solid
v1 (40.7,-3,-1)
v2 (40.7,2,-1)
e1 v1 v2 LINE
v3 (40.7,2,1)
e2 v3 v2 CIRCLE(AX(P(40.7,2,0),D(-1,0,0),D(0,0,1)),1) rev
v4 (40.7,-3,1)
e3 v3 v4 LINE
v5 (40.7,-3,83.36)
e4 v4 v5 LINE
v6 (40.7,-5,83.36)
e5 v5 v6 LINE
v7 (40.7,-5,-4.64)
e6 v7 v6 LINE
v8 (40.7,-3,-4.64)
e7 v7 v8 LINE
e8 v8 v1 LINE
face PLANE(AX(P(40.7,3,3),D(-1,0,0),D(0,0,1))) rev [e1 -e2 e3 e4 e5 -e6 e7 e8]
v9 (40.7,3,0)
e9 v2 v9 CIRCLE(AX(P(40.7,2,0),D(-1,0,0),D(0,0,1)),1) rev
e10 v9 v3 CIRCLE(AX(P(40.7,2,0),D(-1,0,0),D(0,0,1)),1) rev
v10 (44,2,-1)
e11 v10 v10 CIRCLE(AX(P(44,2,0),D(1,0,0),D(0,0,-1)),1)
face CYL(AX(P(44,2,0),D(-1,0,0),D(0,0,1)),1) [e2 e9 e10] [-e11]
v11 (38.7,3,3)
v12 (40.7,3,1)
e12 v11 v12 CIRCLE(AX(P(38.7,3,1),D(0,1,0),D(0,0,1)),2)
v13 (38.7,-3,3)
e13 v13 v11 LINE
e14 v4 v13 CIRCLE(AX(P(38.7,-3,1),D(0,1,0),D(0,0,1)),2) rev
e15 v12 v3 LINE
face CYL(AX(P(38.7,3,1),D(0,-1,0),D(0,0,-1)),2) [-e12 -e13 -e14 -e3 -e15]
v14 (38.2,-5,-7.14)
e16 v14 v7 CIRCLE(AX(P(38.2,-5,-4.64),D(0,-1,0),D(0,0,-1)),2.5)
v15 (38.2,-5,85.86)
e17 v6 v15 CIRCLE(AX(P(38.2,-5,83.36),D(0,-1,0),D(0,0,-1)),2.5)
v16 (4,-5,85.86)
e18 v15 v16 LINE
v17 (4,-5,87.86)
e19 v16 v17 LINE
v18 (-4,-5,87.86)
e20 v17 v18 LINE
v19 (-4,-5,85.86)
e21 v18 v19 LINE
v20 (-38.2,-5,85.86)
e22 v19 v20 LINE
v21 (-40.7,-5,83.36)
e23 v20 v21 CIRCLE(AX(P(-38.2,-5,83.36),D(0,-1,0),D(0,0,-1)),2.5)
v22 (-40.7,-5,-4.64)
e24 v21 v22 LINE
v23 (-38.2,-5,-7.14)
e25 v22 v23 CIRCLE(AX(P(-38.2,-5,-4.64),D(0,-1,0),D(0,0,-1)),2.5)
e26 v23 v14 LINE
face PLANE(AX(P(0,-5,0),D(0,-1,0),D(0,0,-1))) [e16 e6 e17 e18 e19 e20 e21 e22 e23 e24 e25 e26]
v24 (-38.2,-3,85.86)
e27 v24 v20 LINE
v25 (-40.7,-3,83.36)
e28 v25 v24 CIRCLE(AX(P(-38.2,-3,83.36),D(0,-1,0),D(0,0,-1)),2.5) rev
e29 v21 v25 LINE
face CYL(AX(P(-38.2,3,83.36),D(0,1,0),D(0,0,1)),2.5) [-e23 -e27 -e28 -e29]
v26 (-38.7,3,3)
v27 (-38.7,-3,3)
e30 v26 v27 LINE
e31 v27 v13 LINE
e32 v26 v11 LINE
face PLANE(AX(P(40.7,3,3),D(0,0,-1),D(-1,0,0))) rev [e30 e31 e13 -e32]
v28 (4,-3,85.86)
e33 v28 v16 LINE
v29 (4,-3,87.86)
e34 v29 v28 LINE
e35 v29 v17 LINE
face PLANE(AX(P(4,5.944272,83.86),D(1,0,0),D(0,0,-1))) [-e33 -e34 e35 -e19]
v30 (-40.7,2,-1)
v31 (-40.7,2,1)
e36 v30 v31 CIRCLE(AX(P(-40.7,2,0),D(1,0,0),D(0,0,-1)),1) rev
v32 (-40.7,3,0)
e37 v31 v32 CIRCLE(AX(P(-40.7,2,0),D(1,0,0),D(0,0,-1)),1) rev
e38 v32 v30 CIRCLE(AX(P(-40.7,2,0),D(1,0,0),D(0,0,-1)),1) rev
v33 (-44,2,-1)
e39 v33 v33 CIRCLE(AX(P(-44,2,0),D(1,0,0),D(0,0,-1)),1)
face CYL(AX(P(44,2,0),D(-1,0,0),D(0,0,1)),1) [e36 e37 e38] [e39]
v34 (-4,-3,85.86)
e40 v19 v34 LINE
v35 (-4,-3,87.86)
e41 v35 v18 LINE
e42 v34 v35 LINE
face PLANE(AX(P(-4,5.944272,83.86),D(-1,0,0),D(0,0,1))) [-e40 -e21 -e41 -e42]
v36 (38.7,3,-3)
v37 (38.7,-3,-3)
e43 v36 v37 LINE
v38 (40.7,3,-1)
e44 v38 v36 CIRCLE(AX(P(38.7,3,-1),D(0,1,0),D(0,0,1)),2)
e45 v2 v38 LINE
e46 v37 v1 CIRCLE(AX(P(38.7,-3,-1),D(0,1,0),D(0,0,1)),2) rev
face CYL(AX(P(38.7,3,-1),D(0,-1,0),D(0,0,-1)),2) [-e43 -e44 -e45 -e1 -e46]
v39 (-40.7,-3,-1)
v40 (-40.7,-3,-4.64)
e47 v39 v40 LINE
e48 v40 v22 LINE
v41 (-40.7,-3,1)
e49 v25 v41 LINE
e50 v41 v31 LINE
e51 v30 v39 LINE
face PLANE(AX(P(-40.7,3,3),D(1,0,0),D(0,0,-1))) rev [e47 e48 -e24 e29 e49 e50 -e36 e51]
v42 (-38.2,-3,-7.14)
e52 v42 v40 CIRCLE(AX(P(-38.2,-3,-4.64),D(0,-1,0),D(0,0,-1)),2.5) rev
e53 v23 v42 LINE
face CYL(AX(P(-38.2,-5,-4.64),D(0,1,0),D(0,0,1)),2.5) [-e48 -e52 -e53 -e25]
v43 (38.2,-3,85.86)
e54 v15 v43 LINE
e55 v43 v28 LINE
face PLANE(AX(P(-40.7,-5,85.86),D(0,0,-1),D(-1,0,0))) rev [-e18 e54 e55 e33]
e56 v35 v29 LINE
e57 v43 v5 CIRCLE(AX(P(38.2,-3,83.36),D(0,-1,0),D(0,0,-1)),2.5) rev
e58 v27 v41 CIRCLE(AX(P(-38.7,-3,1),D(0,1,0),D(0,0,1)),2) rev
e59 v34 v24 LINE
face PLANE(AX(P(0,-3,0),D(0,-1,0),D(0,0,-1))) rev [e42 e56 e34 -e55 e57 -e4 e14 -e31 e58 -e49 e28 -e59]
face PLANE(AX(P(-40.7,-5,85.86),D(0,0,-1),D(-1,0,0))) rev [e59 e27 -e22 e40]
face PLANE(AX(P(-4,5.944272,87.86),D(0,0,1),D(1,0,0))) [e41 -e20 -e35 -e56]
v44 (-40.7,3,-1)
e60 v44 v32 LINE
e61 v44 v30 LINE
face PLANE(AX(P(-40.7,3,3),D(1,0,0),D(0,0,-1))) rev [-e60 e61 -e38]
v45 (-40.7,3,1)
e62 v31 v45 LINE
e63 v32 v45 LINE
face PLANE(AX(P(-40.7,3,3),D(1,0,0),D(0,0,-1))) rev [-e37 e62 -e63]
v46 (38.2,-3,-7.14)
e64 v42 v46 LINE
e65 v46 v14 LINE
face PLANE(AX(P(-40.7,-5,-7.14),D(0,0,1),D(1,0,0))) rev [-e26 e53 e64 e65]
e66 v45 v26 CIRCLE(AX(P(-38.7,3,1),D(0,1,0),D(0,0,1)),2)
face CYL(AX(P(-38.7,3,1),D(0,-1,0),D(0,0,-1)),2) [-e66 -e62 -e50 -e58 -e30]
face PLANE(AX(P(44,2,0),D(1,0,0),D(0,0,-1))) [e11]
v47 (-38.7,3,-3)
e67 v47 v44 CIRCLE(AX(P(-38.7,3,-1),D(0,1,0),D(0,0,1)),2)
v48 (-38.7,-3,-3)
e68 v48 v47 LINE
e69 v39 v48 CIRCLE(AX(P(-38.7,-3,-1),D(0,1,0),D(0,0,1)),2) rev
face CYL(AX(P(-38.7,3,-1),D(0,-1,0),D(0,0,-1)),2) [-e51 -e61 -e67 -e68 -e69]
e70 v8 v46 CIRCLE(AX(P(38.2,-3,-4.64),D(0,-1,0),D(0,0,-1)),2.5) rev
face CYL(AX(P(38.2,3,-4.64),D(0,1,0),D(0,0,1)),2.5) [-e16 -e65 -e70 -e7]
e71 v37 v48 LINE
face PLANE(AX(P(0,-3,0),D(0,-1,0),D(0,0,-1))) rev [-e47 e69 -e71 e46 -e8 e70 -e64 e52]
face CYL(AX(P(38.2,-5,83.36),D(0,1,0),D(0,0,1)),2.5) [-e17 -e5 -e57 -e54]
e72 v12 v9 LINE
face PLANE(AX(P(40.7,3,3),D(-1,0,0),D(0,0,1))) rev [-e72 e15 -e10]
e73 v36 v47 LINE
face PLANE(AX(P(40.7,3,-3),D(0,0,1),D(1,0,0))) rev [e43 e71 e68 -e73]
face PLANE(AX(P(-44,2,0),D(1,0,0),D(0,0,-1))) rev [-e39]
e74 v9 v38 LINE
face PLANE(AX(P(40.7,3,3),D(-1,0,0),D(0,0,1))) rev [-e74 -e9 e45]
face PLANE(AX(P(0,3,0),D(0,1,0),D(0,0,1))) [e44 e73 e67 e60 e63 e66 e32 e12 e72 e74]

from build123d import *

# Parameters (mm, degrees)
SKETCH1_W           = 81.4
SKETCH1_H           = 6
BOSS_EXTRUDE1_DEPTH = 3
FILLET1_R           = 2
SKETCH2_R           = 1
BOSS_EXTRUDE2_DEPTH = 44
SKETCH3_W           = 81.4
SKETCH3_H           = 93
BOSS_EXTRUDE3_DEPTH = 2
FILLET2_R           = 2.5
SKETCH4_W           = 8
SKETCH4_H           = 4
BOSS_EXTRUDE4_DEPTH = 2


with BuildPart() as part:
    # Sketch1 → Boss-Extrude1 (new, symmetric)
    with BuildSketch(Plane(origin=(0, 0, 0), x_dir=(1, 0, 0), z_dir=(0, 1, 0))):
        Rectangle(SKETCH1_W, SKETCH1_H)
    extrude(amount=BOSS_EXTRUDE1_DEPTH, both=True)

    # Fillet1
    fillet1_edges = [part.edges().sort_by_distance(p)[0] for p in [
        (-40.7, 0, -3),
        (40.7, 0, -3),
        (40.7, 0, 3),
        (-40.7, 0, 3),
    ]]
    fillet(fillet1_edges, radius=FILLET1_R)

    # Sketch2 → Boss-Extrude2 (add, symmetric)
    with BuildSketch(Plane(origin=(0, 0, 0), x_dir=(0, 0, -1), z_dir=(1, 0, 0))):
        with Locations((0, 2)):
            Circle(SKETCH2_R)
    extrude(amount=BOSS_EXTRUDE2_DEPTH, both=True)

    # Sketch3 → Boss-Extrude3 (add)
    with BuildSketch(Plane.XZ.offset(3)):
        with Locations((0, 39.36)):
            Rectangle(SKETCH3_W, SKETCH3_H)
    extrude(amount=BOSS_EXTRUDE3_DEPTH)

    # Fillet2
    fillet2_edges = [part.edges().sort_by_distance(p)[0] for p in [
        (40.7, -4, -7.14),
        (40.7, -4, 85.86),
        (-40.7, -4, 85.86),
        (-40.7, -4, -7.14),
    ]]
    fillet(fillet2_edges, radius=FILLET2_R)

    # Sketch4 → Boss-Extrude4 (add)
    with BuildSketch(Plane.XZ.offset(5)):
        with Locations((0, 85.86)):
            Rectangle(SKETCH4_W, SKETCH4_H)
    extrude(amount=-BOSS_EXTRUDE4_DEPTH)


solid = part.part
